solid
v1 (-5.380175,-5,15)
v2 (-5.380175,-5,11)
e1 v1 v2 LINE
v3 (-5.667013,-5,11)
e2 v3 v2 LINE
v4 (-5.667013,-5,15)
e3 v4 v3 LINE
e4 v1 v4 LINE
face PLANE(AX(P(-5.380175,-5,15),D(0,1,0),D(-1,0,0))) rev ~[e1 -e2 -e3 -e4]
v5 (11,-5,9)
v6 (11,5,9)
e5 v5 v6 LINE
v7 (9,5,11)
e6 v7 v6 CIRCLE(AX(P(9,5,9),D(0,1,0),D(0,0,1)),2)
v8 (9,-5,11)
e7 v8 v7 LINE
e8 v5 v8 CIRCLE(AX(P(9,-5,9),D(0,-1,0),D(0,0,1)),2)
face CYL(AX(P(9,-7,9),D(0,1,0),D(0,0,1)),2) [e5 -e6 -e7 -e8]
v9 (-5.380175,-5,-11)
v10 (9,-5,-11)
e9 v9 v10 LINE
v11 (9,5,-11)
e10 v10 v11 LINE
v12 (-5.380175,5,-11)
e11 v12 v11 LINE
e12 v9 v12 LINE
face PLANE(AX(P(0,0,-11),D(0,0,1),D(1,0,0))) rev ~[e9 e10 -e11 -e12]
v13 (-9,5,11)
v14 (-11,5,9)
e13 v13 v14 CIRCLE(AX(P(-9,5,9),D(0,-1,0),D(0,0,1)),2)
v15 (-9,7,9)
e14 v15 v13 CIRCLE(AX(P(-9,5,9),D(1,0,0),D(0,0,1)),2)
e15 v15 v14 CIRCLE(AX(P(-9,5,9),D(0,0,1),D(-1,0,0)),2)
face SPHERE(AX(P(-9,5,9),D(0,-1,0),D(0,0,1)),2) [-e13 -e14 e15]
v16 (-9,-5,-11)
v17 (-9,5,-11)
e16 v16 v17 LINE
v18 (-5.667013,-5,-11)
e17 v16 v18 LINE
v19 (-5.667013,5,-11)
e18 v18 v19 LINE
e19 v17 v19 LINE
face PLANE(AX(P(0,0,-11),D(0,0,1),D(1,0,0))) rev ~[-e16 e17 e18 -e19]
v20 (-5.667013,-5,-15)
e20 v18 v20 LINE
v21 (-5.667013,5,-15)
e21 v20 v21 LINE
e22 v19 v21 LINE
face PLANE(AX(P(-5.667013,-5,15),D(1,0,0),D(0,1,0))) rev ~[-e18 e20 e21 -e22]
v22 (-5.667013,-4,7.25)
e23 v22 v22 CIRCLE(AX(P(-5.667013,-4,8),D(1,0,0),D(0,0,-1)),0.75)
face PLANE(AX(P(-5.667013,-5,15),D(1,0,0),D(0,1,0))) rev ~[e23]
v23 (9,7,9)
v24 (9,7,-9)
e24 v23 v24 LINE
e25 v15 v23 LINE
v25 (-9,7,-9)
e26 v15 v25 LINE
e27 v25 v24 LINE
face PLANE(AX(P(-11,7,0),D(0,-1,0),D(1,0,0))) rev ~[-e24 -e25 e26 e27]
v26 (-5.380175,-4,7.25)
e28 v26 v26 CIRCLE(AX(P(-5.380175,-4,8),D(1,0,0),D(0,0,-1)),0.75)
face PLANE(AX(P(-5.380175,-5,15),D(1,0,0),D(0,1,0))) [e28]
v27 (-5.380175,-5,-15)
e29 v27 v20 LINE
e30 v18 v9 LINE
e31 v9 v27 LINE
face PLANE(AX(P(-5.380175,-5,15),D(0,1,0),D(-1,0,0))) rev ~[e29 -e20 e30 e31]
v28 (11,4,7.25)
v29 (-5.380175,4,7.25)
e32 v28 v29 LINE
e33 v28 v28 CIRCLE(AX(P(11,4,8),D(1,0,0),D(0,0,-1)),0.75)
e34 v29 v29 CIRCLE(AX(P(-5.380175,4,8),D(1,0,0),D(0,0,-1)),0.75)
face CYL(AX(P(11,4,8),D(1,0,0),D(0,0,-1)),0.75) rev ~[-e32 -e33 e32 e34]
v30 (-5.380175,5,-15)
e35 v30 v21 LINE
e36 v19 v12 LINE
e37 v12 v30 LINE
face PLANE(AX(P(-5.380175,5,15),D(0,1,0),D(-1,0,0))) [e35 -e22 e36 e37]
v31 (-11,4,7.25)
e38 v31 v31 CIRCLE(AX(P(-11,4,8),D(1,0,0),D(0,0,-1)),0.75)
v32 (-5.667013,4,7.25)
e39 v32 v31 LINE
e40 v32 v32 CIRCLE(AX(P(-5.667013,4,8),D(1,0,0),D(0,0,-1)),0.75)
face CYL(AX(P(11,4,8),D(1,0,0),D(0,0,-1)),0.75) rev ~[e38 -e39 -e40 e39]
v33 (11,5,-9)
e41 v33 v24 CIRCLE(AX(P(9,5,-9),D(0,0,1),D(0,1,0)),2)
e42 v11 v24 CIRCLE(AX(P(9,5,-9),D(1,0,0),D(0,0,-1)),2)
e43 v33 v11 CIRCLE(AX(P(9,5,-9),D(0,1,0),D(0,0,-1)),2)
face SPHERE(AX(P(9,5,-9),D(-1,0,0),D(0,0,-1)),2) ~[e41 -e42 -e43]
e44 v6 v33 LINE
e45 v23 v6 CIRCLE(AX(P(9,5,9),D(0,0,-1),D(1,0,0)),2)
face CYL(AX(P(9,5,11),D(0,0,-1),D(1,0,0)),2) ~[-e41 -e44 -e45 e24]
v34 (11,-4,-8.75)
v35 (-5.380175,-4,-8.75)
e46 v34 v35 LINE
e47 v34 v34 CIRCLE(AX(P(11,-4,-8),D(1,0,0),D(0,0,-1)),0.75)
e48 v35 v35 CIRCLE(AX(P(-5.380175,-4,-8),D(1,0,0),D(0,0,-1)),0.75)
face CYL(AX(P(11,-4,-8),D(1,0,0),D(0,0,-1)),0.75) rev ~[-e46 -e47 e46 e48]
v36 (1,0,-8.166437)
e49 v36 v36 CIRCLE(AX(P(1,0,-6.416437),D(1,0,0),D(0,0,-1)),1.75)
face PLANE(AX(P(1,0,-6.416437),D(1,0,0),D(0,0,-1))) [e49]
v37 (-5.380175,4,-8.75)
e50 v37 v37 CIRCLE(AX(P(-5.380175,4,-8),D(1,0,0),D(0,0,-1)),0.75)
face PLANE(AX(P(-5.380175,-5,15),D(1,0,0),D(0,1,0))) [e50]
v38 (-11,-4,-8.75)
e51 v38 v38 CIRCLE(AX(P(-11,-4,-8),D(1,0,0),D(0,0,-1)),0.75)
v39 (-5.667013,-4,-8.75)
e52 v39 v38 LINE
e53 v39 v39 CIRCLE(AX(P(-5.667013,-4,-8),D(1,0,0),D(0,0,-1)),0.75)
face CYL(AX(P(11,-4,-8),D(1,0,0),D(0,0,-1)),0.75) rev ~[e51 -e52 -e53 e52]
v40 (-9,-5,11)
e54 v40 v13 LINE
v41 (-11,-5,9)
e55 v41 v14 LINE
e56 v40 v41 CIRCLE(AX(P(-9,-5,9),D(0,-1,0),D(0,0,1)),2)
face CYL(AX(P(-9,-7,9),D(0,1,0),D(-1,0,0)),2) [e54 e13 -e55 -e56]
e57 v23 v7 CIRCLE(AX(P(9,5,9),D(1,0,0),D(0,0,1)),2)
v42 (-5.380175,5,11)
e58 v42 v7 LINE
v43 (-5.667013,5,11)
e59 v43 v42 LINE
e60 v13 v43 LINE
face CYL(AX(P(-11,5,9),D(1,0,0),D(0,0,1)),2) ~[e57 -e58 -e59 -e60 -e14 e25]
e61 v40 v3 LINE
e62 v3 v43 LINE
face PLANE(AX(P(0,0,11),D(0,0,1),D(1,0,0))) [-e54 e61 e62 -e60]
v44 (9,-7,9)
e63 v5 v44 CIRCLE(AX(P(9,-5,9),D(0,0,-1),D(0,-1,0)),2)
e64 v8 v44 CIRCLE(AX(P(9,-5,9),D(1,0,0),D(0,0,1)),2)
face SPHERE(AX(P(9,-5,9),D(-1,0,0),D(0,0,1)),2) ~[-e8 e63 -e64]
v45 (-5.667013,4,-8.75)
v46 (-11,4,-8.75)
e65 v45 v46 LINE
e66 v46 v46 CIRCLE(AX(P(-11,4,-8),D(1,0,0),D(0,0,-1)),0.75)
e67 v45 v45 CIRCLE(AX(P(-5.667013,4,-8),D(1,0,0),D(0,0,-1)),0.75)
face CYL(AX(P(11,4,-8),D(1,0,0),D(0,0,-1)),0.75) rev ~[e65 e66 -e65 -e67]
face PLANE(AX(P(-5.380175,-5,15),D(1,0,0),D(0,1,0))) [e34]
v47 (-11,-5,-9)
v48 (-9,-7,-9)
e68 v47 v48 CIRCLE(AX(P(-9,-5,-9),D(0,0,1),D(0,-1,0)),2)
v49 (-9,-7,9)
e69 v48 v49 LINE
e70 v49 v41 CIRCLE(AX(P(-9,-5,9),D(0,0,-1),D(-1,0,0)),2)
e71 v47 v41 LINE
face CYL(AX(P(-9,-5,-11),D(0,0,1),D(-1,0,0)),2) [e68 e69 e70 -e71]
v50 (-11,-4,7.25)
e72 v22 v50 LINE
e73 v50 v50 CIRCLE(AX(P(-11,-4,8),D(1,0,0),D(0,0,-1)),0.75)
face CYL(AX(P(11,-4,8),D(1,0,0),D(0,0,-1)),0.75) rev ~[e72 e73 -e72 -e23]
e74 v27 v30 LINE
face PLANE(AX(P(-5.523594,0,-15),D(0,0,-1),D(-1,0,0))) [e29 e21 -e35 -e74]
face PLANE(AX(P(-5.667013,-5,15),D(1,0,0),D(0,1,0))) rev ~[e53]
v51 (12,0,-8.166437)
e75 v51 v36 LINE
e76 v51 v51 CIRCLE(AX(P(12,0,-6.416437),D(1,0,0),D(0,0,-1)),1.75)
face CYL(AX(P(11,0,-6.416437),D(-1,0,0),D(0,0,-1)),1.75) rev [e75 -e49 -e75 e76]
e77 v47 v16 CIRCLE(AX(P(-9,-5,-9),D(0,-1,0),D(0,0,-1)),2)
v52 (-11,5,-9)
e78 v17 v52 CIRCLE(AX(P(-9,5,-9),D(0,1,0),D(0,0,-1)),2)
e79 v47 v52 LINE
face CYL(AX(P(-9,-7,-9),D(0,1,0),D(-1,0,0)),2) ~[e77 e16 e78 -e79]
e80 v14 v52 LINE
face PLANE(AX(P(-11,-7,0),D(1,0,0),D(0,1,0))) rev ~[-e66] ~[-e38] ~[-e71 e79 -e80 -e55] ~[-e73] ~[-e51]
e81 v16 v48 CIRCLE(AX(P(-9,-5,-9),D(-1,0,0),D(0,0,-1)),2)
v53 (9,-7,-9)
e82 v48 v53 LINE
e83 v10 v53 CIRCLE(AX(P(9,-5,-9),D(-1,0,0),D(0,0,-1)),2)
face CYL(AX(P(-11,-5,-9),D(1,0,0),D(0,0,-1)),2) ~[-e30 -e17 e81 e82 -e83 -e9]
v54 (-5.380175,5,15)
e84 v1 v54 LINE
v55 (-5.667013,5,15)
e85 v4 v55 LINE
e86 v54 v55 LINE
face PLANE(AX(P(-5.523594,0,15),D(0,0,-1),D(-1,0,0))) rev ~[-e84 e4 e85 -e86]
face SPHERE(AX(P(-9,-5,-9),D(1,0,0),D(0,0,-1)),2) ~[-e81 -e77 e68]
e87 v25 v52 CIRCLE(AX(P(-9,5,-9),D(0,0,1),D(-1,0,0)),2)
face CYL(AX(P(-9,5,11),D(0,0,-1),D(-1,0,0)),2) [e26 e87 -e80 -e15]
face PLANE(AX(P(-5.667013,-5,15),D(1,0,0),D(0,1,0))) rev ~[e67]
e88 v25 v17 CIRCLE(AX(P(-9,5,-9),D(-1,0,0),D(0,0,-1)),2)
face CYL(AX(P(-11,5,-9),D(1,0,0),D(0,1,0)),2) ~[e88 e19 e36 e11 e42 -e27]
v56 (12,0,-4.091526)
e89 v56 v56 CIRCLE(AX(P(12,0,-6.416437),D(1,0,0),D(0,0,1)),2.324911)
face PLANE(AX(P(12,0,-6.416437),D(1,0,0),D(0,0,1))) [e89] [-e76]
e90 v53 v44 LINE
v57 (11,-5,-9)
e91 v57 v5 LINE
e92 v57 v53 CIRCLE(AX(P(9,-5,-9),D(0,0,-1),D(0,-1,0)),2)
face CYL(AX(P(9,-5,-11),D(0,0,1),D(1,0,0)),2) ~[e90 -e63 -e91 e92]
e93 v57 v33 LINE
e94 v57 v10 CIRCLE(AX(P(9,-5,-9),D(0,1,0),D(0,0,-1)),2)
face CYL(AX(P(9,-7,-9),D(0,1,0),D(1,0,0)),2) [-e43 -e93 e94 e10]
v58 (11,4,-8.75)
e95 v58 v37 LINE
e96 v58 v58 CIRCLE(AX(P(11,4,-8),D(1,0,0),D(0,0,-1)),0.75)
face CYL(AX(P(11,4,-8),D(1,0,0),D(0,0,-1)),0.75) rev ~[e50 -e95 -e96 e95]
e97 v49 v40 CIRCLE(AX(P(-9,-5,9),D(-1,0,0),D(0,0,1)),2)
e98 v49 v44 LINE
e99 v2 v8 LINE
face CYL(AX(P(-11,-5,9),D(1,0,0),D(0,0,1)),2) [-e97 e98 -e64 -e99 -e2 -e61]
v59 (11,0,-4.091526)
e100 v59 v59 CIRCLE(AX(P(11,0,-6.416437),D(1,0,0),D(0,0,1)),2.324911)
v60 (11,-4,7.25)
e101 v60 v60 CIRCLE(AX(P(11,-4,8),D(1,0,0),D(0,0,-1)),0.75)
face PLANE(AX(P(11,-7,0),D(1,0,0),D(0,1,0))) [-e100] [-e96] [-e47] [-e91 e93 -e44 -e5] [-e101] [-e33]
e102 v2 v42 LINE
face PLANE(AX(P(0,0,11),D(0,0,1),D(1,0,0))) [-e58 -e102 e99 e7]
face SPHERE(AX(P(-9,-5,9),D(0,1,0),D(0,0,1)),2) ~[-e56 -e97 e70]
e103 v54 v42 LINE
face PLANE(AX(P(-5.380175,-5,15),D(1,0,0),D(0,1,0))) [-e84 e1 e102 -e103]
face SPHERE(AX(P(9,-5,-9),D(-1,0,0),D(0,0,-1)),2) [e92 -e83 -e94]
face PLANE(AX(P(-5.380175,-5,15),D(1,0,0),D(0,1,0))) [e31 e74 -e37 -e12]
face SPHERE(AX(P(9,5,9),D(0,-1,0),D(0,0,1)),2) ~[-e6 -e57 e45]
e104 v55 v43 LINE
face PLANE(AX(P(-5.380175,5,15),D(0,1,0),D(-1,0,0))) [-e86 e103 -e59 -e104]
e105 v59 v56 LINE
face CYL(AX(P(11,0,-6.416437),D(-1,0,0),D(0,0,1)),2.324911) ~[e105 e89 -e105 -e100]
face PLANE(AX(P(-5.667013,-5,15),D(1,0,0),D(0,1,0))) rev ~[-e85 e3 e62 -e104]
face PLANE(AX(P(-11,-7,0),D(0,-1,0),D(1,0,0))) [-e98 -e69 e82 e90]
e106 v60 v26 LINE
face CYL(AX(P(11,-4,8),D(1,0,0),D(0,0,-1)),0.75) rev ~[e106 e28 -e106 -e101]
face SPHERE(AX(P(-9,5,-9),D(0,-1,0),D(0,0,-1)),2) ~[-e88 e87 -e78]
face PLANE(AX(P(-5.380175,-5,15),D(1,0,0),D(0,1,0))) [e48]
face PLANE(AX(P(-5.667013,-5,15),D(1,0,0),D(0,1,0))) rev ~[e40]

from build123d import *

# Parameters (mm, degrees)
SKETCH1_W                = 22
SKETCH1_H                = 14
BOSS_EXTRUDE1_DEPTH      = 11
FILLET1_R                = 2
SKETCH4_R                = 0.75
CUT_EXTRUDE1_DEPTH       = 28
SKETCH5_R                = 2.324910534
SKETCH5_R_2              = 1.75
BOSS_EXTRUDE2_DEPTH      = 1
CUT_EXTRUDE2_START       = -10
SKETCH5_2_R              = 1.75
CUT_EXTRUDE2_DEPTH       = 10
BOSS_EXTRUDE3_DEPTH      = 4
BOSS_EXTRUDE3_DEPTH_BACK = 26
SKETCH6_W                = 0.286837791
SKETCH6_H                = 10


with BuildPart() as part:
    # Sketch1 → Boss-Extrude1 (new, symmetric)
    with BuildSketch(Plane.XY):
        Rectangle(SKETCH1_W, SKETCH1_H)
    extrude(amount=BOSS_EXTRUDE1_DEPTH, both=True)

    # Fillet1
    fillet1_edges = [part.edges().sort_by_distance(p)[0] for p in [
        (-11, 0, 11),
        (0, -7, 11),
        (11, 0, 11),
        (0, -7, -11),
        (-11, 0, -11),
        (0, 7, -11),
        (11, 0, -11),
        (0, 7, 11),
        (11, -7, 0),
        (-11, -7, 0),
        (-11, 7, 0),
        (11, 7, 0),
    ]]
    fillet(fillet1_edges, radius=FILLET1_R)

    # Sketch4 → Cut-Extrude1 (cut)
    with BuildSketch(Plane(origin=(11, 0, 0), x_dir=(0, 0, -1), z_dir=(1, 0, 0))):
        with Locations((-8, 4)):
            Circle(SKETCH4_R)
        with Locations((-8, -4)):
            Circle(SKETCH4_R)
        with Locations((8, -4)):
            Circle(SKETCH4_R)
        with Locations((8, 4)):
            Circle(SKETCH4_R)
    extrude(amount=-CUT_EXTRUDE1_DEPTH, mode=Mode.SUBTRACT)

    # Sketch5 → Boss-Extrude2 (add)
    with BuildSketch(Plane(origin=(11, 0, 0), x_dir=(0, 0, -1), z_dir=(1, 0, 0))):
        with Locations(Location((6.416436668, 0, 0), (0, 0, 180))):
            Circle(SKETCH5_R)
        with Locations((6.416436668, 0)):
            Circle(SKETCH5_R_2, mode=Mode.SUBTRACT)
    extrude(amount=BOSS_EXTRUDE2_DEPTH)

    # Sketch5<2> → Cut-Extrude2 (cut)
    with BuildSketch(Plane(origin=(11, 0, 0), x_dir=(0, 0, -1), z_dir=(1, 0, 0)).offset(CUT_EXTRUDE2_START)):
        with Locations((6.416436668, 0)):
            Circle(SKETCH5_2_R)
    extrude(amount=CUT_EXTRUDE2_DEPTH, mode=Mode.SUBTRACT)

    # Sketch6 → Boss-Extrude3 (add, two sides: drawn at the far end of the back side and taken through both)
    with BuildSketch(Plane(origin=(0, 0, -11), x_dir=(-1, 0, 0), z_dir=(0, 0, -1)).offset(-BOSS_EXTRUDE3_DEPTH_BACK)):
        with Locations((5.523593607, 0)):
            Rectangle(SKETCH6_W, SKETCH6_H)
    extrude(amount=BOSS_EXTRUDE3_DEPTH + BOSS_EXTRUDE3_DEPTH_BACK)


solid = part.part
